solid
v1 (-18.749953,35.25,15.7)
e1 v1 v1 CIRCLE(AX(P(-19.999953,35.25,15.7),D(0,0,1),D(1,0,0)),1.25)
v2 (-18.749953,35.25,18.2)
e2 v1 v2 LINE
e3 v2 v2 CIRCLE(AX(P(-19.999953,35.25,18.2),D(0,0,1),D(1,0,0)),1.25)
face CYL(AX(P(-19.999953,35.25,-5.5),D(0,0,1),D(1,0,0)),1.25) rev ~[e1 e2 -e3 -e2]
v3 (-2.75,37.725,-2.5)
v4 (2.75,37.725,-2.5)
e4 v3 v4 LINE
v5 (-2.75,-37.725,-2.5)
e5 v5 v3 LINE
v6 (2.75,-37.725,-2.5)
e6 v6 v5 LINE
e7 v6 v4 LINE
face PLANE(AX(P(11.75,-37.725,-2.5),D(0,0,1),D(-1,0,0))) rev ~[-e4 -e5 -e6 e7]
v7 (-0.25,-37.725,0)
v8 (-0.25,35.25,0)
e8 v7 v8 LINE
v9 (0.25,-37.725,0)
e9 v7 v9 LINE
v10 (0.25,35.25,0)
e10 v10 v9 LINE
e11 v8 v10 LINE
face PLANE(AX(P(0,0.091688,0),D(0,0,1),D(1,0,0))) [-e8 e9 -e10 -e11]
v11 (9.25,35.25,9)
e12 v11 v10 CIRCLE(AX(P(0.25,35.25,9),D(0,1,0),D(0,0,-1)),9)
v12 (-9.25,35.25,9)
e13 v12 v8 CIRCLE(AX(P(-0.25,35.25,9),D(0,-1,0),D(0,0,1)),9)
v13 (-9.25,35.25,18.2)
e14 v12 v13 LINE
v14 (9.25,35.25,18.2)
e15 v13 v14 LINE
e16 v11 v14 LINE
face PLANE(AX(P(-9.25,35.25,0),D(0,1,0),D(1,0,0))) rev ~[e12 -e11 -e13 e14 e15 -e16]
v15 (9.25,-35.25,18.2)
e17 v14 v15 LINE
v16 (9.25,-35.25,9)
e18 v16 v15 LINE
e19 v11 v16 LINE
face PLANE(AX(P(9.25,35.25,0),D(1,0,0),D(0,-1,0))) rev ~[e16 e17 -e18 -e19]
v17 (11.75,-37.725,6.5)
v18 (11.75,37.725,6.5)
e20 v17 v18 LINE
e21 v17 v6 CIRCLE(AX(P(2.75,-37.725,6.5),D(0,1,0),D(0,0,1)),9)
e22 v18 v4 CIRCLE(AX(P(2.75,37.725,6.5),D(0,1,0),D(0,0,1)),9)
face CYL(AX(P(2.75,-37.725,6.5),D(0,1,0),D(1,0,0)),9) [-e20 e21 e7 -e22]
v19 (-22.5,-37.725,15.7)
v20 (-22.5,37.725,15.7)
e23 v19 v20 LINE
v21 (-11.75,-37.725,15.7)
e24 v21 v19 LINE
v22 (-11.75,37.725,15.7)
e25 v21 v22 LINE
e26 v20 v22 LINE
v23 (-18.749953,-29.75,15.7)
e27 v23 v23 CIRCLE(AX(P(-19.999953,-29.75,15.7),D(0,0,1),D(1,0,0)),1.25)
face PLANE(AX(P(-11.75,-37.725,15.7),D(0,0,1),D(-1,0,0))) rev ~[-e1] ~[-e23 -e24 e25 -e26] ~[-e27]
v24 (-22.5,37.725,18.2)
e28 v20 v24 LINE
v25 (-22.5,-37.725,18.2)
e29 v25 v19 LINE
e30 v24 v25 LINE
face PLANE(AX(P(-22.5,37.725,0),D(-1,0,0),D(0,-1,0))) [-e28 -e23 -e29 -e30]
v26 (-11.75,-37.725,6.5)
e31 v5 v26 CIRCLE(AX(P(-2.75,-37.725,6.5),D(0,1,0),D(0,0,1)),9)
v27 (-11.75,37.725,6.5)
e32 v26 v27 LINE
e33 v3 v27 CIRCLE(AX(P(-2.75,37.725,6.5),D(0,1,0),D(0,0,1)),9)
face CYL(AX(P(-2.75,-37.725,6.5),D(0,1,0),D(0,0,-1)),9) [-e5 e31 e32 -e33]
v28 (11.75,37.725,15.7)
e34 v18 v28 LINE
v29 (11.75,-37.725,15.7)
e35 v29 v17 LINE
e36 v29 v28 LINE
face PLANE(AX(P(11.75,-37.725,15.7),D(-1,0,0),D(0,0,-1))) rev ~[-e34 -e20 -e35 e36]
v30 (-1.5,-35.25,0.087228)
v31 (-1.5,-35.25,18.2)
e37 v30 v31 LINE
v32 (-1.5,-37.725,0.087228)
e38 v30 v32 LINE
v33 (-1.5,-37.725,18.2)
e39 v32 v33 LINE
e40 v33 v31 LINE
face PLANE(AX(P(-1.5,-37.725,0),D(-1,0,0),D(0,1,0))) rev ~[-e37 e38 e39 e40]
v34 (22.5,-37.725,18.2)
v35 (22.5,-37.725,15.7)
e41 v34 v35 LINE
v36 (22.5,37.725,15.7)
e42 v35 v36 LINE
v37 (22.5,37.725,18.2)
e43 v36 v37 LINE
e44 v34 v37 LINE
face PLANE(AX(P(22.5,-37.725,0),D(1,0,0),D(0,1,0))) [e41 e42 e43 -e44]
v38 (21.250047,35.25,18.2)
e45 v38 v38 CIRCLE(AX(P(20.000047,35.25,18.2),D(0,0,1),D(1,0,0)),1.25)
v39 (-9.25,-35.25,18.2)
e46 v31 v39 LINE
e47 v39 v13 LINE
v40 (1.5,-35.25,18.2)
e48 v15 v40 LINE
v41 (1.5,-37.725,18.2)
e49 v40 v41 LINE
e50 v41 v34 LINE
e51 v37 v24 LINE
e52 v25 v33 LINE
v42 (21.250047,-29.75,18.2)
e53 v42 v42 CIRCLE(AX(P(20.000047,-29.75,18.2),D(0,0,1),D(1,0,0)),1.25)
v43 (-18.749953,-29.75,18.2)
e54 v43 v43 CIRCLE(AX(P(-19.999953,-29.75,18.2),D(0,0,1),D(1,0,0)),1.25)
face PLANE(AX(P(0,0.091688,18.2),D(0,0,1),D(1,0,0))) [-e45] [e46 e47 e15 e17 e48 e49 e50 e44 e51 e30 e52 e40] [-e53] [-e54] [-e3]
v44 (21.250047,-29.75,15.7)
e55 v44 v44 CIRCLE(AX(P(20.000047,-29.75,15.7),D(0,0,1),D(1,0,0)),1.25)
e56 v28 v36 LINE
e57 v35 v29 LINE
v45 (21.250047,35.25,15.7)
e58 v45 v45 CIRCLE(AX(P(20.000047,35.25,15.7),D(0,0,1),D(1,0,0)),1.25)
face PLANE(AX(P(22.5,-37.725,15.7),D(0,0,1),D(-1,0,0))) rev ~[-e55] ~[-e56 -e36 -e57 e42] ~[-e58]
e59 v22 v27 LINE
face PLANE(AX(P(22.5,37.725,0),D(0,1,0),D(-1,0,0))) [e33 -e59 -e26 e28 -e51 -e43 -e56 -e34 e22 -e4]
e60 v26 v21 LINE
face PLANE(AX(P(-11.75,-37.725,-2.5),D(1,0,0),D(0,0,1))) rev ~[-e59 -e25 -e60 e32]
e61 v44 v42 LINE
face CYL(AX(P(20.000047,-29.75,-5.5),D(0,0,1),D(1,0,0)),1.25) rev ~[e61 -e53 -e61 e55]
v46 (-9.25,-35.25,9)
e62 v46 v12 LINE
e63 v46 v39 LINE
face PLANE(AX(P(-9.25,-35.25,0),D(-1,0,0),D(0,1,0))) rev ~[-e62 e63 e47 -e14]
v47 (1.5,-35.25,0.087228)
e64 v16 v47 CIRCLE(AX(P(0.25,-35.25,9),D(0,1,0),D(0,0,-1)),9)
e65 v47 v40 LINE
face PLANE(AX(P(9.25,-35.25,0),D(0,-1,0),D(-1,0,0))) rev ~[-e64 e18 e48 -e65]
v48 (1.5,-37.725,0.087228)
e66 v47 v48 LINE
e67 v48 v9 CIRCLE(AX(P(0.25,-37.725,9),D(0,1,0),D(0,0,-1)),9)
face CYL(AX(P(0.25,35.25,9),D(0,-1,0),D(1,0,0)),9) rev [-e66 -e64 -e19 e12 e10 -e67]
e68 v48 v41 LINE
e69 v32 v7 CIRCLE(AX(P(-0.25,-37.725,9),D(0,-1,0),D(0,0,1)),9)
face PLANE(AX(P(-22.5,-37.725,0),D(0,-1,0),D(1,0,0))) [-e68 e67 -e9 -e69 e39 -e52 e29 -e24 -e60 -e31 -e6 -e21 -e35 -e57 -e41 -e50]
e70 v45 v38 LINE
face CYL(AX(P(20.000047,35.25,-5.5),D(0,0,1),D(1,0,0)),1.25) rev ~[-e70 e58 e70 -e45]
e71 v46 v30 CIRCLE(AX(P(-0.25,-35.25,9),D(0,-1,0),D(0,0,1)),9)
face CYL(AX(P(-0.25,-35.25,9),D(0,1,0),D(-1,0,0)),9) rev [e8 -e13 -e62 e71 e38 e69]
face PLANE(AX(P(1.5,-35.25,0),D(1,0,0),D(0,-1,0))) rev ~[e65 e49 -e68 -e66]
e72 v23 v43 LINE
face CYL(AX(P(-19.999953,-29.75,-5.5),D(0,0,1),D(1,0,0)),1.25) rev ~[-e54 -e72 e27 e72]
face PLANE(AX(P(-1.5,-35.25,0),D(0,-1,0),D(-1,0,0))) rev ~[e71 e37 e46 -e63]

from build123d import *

# Parameters (mm, degrees)
BOSS_EXTRUDE1_DEPTH               = 18.2
SKETCH1_3_W                       = 45
SKETCH1_3_H                       = 75.45
BOSS_EXTRUDE2_DEPTH               = 5.5
FILLET1_R                         = 9
CUT_EXTRUDE1_DEPTH                = 103
TAP_DRILL_FOR_M3_TAP1_D           = 2.5
TAP_DRILL_FOR_M3_TAP1_CSINK_D     = 2.55
TAP_DRILL_FOR_M3_TAP1_CSINK_ANGLE = 90
FILLET2_R                         = 9


with BuildPart() as part:
    # Sketch1 → Boss-Extrude1 (new body)
    with BuildSketch(Plane.XY):
        Polygon((1.5, -37.725), (22.5, -37.725), (22.5, 37.725), (-22.5, 37.725), (-22.5, -37.725), (-1.5, -37.725), (-1.5, -35.25), (-9.25, -35.25), (-9.25, 35.25), (9.25, 35.25), (9.25, -35.25), (1.5, -35.25), align=None)
    extrude(amount=BOSS_EXTRUDE1_DEPTH)

    # Sketch1<3> → Boss-Extrude2 (add)
    with BuildSketch(Plane.XY):
        Rectangle(SKETCH1_3_W, SKETCH1_3_H)
    extrude(amount=-BOSS_EXTRUDE2_DEPTH)

    # Fillet1
    fillet1_edges = [part.edges().sort_by_distance(p)[0] for p in [
        (-9.25, 0, 0),
        (9.25, 0, 0),
    ]]
    fillet(fillet1_edges, radius=FILLET1_R)

    # Sketch4 → Cut-Extrude1 (cut)
    with BuildSketch(Plane.XZ.offset(37.725)):
        Polygon((-11.75, 15.7), (-22.5, 15.7), (-22.5, -5.5), (22.5, -5.5), (22.5, 15.7), (11.75, 15.7), (11.75, -2.5), (-11.75, -2.5), align=None)
    extrude(amount=-CUT_EXTRUDE1_DEPTH, mode=Mode.SUBTRACT)

    # Tap Drill for M3 Tap1 (through all)
    with Locations(Plane(origin=(0, 0, -5.5), x_dir=(-1, 0, 0), z_dir=(0, 0, -1))):
        with Locations((19.999953282, 35.25), (-20.000046718, 35.25), (-20.000046718, -29.75), (19.999953282, -29.75)):
            CounterSinkHole(TAP_DRILL_FOR_M3_TAP1_D / 2, TAP_DRILL_FOR_M3_TAP1_CSINK_D / 2, counter_sink_angle=TAP_DRILL_FOR_M3_TAP1_CSINK_ANGLE)

    # Fillet2
    fillet2_edges = [part.edges().sort_by_distance(p)[0] for p in [
        (-11.75, 0, -2.5),
        (11.75, 0, -2.5),
    ]]
    fillet(fillet2_edges, radius=FILLET2_R)


solid = part.part
